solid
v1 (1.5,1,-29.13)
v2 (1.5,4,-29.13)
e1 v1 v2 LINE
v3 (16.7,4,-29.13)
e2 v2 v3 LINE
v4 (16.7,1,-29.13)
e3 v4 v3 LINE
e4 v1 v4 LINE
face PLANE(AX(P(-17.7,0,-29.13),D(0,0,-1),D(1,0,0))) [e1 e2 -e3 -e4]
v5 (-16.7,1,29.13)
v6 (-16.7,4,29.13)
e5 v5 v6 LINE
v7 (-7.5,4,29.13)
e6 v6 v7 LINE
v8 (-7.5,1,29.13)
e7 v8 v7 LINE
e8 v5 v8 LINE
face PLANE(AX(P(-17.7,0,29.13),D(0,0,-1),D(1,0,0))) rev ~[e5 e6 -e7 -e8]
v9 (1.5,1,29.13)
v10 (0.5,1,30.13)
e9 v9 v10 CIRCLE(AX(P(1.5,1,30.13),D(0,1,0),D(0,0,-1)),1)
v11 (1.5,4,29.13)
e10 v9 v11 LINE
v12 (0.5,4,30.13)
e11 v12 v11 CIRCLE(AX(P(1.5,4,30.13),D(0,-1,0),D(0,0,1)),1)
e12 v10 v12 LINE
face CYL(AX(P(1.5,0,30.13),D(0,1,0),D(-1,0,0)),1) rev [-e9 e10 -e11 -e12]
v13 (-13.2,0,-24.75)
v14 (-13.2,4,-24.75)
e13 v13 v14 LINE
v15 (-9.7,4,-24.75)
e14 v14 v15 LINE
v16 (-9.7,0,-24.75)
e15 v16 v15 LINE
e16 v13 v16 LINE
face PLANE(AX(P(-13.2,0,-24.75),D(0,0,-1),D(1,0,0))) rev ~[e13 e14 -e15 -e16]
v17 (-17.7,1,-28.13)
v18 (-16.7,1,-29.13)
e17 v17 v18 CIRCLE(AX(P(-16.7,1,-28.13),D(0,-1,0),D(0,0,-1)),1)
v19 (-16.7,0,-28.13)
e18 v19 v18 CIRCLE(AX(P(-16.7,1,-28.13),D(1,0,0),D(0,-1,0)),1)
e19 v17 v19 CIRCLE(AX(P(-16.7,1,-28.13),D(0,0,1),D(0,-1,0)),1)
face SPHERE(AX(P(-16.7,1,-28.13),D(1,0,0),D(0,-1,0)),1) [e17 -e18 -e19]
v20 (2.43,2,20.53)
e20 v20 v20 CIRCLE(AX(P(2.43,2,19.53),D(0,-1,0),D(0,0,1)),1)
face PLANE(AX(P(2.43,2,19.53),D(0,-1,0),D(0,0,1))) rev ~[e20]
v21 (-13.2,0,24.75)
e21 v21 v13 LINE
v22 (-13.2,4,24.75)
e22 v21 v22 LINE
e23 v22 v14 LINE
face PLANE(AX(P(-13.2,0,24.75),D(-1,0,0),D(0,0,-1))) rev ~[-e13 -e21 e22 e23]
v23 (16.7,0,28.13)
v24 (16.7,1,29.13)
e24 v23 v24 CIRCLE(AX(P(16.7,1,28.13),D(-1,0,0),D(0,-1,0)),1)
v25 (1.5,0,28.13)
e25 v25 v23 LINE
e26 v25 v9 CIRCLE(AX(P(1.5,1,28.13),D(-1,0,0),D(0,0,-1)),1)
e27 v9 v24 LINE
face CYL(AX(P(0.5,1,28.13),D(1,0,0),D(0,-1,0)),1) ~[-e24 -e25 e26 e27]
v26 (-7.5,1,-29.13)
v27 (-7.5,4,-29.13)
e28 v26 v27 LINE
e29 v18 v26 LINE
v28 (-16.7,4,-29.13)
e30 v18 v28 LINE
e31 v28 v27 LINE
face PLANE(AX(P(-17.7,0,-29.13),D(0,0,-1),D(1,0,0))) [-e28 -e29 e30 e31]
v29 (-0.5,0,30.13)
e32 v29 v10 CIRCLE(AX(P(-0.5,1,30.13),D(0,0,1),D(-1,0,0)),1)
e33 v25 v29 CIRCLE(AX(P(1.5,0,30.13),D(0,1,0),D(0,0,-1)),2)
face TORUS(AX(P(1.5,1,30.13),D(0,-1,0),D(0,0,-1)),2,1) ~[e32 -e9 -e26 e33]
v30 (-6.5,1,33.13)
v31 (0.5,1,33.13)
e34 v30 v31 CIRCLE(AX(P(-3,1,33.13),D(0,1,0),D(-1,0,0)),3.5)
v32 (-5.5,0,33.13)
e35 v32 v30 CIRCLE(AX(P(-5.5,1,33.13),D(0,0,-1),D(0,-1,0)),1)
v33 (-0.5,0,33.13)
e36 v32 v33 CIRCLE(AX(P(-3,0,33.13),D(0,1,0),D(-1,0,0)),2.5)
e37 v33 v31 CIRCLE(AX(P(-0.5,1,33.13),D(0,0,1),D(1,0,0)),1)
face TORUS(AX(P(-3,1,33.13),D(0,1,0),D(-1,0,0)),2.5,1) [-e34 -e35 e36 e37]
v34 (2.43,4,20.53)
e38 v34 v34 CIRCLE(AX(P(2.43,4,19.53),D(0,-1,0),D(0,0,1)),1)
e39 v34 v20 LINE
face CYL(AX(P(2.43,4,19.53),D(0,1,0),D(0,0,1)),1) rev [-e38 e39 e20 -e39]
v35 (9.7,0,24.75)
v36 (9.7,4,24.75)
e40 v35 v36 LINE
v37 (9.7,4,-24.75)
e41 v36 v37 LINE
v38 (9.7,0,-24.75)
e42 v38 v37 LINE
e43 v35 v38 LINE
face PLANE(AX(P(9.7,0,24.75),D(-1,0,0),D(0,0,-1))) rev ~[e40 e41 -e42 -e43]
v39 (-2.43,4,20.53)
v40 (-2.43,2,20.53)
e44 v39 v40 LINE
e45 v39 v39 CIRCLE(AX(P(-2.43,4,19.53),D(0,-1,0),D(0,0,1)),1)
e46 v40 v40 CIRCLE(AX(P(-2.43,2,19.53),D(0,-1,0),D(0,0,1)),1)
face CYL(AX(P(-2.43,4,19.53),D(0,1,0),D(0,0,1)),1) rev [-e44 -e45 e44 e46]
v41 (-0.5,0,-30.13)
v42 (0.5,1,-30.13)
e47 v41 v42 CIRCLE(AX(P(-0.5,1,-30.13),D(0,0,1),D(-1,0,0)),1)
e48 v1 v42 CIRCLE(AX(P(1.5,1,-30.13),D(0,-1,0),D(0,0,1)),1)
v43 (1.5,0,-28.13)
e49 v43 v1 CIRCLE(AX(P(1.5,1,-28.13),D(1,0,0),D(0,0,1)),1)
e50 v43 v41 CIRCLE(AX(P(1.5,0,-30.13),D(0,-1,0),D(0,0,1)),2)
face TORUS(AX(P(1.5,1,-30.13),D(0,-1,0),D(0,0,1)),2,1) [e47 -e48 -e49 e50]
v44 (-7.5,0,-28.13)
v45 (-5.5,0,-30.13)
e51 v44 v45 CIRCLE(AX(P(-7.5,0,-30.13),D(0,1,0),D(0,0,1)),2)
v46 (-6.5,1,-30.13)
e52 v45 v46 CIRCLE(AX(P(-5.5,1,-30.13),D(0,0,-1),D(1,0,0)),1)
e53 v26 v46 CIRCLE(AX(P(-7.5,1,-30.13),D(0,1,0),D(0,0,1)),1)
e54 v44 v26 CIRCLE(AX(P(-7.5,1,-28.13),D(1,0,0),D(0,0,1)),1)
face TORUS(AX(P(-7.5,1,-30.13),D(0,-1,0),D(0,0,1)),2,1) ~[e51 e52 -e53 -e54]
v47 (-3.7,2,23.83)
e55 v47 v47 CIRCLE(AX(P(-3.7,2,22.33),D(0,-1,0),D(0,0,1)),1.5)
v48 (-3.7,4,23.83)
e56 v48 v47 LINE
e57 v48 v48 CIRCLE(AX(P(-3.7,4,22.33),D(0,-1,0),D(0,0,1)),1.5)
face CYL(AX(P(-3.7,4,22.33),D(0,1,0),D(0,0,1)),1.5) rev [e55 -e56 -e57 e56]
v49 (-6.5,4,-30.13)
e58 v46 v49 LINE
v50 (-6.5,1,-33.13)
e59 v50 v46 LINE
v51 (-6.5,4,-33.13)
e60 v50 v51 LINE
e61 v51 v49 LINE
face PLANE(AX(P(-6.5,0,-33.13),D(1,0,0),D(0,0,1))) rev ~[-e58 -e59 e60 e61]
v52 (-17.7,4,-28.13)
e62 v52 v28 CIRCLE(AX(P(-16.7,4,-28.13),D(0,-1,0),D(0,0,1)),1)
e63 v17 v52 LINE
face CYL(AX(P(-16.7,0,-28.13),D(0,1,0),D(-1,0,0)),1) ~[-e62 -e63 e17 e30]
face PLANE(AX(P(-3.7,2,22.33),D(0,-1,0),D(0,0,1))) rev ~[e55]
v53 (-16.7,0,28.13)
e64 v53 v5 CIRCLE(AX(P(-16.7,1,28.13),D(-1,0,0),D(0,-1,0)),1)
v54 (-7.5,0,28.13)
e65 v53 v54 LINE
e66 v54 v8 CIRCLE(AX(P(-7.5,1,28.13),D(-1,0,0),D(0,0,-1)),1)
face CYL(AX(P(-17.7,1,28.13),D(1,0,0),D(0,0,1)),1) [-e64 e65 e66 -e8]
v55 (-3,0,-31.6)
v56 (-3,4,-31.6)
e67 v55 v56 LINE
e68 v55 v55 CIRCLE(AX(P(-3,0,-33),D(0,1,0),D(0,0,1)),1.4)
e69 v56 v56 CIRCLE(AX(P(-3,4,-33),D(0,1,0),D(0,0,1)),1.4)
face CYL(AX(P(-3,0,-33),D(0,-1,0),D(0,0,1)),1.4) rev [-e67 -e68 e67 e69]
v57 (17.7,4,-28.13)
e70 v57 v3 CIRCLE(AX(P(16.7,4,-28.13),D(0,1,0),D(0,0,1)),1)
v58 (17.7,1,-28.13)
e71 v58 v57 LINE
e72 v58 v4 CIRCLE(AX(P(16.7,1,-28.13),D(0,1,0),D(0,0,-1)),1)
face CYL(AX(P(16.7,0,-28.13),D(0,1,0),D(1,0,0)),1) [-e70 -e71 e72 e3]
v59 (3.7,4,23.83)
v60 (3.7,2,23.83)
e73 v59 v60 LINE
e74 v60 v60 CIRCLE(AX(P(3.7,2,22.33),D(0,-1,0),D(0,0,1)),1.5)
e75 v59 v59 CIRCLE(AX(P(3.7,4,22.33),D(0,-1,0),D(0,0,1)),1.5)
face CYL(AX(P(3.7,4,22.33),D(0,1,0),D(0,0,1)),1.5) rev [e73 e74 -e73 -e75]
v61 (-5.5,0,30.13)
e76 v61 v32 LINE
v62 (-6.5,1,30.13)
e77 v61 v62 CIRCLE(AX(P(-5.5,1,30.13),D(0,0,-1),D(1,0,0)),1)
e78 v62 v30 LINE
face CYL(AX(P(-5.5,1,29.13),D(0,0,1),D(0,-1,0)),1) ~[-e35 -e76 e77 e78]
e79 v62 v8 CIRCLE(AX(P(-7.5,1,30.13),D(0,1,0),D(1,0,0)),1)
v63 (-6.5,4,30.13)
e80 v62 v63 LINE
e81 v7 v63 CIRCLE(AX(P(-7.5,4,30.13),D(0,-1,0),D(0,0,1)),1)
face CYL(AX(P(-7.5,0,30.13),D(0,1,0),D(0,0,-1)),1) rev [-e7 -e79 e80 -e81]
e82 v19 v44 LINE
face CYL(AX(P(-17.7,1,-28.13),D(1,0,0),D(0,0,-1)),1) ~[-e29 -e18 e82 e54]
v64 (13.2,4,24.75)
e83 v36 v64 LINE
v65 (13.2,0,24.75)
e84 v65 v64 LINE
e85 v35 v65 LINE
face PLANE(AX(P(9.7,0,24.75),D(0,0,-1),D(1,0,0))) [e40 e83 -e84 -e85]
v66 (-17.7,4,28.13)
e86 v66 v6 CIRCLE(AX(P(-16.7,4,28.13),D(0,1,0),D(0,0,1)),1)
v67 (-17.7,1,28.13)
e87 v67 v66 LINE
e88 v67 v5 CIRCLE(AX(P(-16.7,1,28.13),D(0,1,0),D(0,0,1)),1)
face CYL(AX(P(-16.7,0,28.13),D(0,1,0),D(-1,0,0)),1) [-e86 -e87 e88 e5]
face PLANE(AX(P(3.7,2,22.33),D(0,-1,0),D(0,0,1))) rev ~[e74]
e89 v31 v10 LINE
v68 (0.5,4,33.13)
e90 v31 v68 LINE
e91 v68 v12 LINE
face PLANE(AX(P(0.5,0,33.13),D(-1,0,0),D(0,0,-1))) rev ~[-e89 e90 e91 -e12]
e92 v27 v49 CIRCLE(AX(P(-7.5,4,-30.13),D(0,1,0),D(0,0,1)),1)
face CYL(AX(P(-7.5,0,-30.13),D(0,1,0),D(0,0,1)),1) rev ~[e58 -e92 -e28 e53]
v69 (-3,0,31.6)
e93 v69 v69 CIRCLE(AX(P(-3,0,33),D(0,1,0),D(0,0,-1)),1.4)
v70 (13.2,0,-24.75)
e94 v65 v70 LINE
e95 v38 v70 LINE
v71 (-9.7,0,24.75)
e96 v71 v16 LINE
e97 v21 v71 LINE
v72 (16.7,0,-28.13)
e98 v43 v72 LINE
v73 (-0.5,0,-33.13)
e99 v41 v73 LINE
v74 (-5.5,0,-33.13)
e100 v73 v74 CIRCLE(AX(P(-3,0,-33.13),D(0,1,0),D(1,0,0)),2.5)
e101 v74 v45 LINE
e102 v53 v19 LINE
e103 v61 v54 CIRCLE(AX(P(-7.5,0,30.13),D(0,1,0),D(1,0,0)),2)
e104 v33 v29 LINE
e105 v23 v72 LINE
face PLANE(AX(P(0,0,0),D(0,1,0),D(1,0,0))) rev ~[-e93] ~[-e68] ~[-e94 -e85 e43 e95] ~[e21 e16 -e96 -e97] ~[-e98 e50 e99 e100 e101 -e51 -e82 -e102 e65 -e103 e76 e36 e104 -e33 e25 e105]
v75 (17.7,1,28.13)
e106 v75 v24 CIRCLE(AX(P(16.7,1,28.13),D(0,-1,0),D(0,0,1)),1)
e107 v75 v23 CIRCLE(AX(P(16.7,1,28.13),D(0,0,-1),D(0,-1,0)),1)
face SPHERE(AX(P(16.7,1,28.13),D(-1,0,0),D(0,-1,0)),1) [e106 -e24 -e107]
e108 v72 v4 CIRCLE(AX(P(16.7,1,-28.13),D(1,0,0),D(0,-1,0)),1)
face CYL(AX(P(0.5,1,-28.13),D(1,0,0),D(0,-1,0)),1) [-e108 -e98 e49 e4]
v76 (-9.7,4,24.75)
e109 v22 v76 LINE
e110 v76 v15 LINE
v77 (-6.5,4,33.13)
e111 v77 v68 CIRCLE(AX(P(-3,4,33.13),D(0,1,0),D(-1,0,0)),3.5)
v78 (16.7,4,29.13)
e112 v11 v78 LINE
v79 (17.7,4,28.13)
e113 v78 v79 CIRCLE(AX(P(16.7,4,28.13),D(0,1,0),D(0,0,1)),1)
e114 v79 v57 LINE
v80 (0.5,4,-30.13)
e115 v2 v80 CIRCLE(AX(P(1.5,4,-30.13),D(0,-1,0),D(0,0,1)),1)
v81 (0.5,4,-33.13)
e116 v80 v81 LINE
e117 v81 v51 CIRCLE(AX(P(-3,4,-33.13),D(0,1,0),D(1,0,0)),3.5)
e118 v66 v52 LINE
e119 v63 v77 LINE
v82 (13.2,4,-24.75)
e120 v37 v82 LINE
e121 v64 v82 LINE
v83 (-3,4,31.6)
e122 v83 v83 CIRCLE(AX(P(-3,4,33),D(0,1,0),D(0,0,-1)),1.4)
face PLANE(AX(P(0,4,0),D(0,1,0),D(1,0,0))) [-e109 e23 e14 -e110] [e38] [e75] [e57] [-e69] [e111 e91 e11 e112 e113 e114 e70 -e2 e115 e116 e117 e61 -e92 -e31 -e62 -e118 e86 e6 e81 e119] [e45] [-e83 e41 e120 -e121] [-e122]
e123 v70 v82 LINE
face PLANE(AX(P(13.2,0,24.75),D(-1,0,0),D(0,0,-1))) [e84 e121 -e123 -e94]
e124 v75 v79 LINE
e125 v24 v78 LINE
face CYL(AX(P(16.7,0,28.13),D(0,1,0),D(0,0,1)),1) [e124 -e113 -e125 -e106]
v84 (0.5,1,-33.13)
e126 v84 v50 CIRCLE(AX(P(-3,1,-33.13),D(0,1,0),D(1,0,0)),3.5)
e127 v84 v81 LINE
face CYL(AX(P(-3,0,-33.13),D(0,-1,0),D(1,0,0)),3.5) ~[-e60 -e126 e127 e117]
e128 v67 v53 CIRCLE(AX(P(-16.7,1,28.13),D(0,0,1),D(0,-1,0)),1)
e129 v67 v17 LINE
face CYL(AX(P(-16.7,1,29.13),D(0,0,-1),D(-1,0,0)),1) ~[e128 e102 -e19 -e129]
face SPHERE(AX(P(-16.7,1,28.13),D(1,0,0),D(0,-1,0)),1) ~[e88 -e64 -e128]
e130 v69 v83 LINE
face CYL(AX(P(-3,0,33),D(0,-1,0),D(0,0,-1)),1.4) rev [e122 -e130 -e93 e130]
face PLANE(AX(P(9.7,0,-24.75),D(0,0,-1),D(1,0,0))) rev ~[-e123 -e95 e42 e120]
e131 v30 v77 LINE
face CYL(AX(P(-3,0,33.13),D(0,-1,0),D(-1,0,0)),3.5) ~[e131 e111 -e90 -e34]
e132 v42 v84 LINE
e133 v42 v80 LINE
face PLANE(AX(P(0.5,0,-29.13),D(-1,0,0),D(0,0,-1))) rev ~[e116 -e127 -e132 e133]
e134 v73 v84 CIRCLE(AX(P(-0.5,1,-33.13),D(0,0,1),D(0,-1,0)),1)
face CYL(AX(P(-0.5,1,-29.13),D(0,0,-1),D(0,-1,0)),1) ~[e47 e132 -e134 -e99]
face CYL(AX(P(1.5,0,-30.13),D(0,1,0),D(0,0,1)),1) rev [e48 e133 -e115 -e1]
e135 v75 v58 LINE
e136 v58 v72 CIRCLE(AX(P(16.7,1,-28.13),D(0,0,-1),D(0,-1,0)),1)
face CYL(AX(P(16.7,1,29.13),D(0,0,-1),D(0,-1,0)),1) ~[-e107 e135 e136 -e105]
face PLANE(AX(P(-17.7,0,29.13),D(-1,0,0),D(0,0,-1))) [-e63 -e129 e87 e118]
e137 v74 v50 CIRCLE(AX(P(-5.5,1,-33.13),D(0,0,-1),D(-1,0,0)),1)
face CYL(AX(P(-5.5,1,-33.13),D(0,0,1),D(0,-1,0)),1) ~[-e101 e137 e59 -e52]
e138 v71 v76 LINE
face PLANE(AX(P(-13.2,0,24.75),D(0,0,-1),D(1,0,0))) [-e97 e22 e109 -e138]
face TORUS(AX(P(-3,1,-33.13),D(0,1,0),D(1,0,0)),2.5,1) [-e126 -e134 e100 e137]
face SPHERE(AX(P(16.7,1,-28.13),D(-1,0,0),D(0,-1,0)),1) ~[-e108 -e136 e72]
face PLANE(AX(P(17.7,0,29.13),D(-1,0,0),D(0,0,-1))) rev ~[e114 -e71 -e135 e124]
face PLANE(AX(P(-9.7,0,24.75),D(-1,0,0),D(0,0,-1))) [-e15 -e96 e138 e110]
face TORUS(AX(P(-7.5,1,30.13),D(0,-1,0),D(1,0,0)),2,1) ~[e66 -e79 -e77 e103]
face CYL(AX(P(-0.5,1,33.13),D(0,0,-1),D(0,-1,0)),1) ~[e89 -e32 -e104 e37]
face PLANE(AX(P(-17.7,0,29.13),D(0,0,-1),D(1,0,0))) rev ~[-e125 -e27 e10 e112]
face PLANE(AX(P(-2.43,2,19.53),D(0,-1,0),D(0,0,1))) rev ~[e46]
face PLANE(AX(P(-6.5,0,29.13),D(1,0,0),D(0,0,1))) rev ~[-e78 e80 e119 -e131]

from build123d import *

# Parameters (mm, degrees)
SKETCH1_W            = 35.4
SKETCH1_H            = 58.26
SKETCH1_W_2          = 3.5
SKETCH1_H_2          = 49.5
BASE_DEPTH           = 4
SKETCH2_R            = 1.4
MOUNTING_ENDS_DEPTH  = 4
TOP_START            = -4
SKETCH3_R            = 1.5
SKETCH3_R_2          = 1
TOP_CUTOUTS_DEPTH    = 2
F_1MM_EDGE_FILLETS_R = 1


with BuildPart() as part:
    # Sketch1 → Base (new body)
    with BuildSketch(Plane(origin=(0, 0, 0), x_dir=(1, 0, 0), z_dir=(0, 1, 0))):
        Rectangle(SKETCH1_W, SKETCH1_H)
        with Locations((-11.45, 0)):
            Rectangle(SKETCH1_W_2, SKETCH1_H_2, mode=Mode.SUBTRACT)
        with Locations((11.45, 0)):
            Rectangle(SKETCH1_W_2, SKETCH1_H_2, mode=Mode.SUBTRACT)
    extrude(amount=BASE_DEPTH)

    # Sketch2 → Mounting Ends (add)
    # profile 1 of 2: a face of its own
    with BuildSketch(Plane(origin=(0, 0, 0), x_dir=(1, 0, 0), z_dir=(0, 1, 0))):
        with BuildLine():
            Line((-6.5, 29.13), (0.5, 29.13))
            Line((0.5, 29.13), (0.5, 33.13))
            ThreePointArc((0.5, 33.13), (-3, 36.63), (-6.5, 33.13))
            Line((-6.5, 33.13), (-6.5, 29.13))
        make_face()
        with Locations(Location((-3, 33, 0), (0, 0, 270))):
            Circle(SKETCH2_R, mode=Mode.SUBTRACT)
    # profile 2 of 2: a face of its own
    with BuildSketch(Plane(origin=(0, 0, 0), x_dir=(1, 0, 0), z_dir=(0, 1, 0))):
        with BuildLine():
            Line((-6.5, -29.13), (-6.5, -33.13))
            ThreePointArc((-6.5, -33.13), (-3, -36.63), (0.5, -33.13))
            Line((0.5, -33.13), (0.5, -29.13))
            Line((0.5, -29.13), (-6.5, -29.13))
        make_face()
        with Locations(Location((-3, -33, 0), (0, 0, 90))):
            Circle(SKETCH2_R, mode=Mode.SUBTRACT)
    extrude(amount=MOUNTING_ENDS_DEPTH)

    # Sketch3 → Top Cutouts (cut)
    with BuildSketch(Plane.XZ.offset(TOP_START)):
        with Locations(Location((-3.7, 22.33, 0), (0, 0, 90))):
            Circle(SKETCH3_R)
        with Locations(Location((-2.43, 19.53, 0), (0, 0, 90))):
            Circle(SKETCH3_R_2)
        with Locations(Location((2.43, 19.53, 0), (0, 0, 90))):
            Circle(SKETCH3_R_2)
        with Locations(Location((3.7, 22.33, 0), (0, 0, 90))):
            Circle(SKETCH3_R)
    extrude(amount=TOP_CUTOUTS_DEPTH, mode=Mode.SUBTRACT)

    # 1mm Edge Fillets
    f_1mm_edge_fillets_edges = [part.edges().sort_by_distance(p)[0] for p in [
        (-12.1, 0, -29.13),
        (-3, 0, -36.63),
        (0.5, 2, -29.13),
        (0.5, 0, -31.13),
        (-6.5, 2, -29.13),
        (-6.5, 0, -31.13),
        (-12.1, 0, 29.13),
        (-17.7, 0, 0),
        (9.1, 0, 29.13),
        (9.1, 0, -29.13),
        (-6.5, 2, 29.13),
        (-6.5, 0, 31.13),
        (0.5, 2, 29.13),
        (0.5, 0, 31.13),
        (-3, 0, 36.63),
        (17.7, 0, 0),
        (17.7, 2, 29.13),
        (-17.7, 2, 29.13),
        (-17.7, 2, -29.13),
        (17.7, 2, -29.13),
    ]]
    fillet(f_1mm_edge_fillets_edges, radius=F_1MM_EDGE_FILLETS_R)


solid = part.part
